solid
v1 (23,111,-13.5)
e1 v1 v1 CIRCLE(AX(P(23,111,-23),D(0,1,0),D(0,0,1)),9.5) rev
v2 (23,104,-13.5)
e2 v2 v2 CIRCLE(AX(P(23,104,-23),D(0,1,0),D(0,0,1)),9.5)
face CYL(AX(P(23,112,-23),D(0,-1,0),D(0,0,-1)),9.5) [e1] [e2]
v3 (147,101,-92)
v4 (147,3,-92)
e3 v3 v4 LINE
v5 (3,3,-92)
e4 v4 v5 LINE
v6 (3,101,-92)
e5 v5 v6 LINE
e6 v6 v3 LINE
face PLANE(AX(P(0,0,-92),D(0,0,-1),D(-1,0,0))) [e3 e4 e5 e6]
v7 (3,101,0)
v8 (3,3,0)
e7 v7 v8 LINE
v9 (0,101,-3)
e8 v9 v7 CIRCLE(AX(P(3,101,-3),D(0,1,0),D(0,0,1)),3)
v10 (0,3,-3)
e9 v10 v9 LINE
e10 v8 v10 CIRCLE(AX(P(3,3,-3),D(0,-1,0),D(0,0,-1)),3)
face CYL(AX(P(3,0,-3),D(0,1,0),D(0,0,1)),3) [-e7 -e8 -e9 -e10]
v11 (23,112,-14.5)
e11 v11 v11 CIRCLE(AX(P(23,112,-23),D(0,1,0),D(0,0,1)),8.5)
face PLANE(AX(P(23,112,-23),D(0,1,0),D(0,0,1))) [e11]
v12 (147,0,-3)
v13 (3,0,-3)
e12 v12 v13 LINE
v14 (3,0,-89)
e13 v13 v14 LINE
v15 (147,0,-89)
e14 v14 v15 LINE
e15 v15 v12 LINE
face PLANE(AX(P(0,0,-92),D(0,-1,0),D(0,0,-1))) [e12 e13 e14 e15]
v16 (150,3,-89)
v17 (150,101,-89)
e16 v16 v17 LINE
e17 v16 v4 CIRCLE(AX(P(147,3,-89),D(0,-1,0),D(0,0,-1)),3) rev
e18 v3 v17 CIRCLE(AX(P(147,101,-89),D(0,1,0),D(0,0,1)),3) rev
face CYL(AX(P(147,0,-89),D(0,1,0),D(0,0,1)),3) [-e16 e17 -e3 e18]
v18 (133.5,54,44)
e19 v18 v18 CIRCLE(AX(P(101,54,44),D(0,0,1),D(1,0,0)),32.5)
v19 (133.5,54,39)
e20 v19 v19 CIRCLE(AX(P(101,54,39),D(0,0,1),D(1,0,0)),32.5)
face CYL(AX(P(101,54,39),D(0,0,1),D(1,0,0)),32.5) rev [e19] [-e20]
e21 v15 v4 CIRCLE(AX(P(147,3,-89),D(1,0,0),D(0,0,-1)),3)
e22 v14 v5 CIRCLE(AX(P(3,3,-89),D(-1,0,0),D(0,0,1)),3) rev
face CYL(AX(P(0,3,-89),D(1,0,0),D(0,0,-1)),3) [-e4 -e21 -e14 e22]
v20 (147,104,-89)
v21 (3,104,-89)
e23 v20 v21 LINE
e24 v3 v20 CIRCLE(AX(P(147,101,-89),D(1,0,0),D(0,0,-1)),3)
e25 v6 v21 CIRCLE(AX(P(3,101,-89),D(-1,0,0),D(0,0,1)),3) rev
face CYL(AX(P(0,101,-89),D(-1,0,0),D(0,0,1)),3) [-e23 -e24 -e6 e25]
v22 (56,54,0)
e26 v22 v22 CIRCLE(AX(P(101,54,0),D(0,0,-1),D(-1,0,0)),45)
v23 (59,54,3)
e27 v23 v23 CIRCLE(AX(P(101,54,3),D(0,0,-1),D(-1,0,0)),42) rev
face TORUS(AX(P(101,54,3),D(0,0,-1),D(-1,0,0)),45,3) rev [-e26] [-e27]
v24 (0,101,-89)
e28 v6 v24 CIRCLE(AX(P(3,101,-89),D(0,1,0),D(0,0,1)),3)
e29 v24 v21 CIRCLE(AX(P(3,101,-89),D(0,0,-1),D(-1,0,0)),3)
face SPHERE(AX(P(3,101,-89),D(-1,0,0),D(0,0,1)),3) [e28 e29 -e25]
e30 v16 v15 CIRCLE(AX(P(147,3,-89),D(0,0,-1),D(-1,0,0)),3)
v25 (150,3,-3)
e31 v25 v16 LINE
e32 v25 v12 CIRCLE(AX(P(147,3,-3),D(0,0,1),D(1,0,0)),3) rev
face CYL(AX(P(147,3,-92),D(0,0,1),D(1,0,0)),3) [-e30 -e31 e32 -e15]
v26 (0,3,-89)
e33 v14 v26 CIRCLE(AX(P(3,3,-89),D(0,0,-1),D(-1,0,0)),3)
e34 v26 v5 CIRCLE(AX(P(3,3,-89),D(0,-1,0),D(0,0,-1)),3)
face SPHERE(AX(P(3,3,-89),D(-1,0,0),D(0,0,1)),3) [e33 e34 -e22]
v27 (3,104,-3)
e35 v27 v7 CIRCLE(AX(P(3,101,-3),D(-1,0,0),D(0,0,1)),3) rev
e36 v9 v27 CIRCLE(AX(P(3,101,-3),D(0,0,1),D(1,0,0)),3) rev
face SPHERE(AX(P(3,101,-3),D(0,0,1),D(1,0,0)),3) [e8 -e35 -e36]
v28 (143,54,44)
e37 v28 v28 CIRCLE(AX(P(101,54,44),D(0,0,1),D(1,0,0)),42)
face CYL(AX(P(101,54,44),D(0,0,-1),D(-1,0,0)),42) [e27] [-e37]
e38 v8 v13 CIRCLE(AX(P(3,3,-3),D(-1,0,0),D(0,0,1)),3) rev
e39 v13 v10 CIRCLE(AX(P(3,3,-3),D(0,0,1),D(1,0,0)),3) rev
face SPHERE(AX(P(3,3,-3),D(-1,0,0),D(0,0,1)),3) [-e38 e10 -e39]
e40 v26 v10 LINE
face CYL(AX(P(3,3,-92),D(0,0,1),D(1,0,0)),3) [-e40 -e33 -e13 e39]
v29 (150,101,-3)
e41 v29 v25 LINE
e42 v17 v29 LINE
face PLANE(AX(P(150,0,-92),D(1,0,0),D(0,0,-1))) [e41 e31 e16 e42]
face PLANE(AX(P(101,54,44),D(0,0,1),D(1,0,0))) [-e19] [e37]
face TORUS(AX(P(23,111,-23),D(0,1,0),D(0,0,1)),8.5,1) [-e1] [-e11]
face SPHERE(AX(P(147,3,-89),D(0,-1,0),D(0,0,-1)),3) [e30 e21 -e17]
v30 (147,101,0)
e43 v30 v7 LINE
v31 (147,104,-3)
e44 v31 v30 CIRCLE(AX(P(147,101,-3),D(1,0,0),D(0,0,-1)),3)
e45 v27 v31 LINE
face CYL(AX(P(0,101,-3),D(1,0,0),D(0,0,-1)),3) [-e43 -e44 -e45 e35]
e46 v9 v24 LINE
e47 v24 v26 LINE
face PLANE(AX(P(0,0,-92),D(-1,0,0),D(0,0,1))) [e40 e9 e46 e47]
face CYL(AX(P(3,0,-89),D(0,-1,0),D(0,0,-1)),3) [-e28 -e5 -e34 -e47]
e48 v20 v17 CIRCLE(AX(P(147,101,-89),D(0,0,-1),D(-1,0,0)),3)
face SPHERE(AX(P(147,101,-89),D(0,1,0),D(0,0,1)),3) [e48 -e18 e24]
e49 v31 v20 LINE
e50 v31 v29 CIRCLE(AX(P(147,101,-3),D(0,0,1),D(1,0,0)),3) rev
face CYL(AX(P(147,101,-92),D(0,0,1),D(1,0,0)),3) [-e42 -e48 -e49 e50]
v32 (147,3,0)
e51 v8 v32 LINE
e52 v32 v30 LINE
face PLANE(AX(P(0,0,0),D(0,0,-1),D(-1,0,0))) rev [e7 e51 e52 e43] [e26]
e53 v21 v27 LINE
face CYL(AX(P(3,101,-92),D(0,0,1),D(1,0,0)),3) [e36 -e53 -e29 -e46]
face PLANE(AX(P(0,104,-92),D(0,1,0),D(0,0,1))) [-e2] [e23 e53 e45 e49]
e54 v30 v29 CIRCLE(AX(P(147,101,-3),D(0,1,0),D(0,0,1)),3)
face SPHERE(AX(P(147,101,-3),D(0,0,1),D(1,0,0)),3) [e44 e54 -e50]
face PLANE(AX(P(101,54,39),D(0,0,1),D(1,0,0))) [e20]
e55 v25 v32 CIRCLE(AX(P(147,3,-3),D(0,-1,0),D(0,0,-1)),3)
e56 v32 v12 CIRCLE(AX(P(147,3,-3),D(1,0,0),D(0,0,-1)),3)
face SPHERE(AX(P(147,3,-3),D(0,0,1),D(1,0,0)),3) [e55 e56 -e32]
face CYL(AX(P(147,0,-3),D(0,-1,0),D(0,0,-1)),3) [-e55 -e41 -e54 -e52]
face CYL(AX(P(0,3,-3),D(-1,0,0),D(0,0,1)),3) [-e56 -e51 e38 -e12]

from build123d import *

# Parameters (mm, degrees)
SKETCH1_W           = 150
SKETCH1_H           = 104
BOSS_EXTRUDE1_DEPTH = 92
SKETCH2_R           = 42
BOSS_EXTRUDE2_DEPTH = 44
FILLET1_R           = 3
FILLET2_R           = 3
SKETCH5_R           = 9.5
BOSS_EXTRUDE3_DEPTH = 8
FILLET3_R           = 1
SKETCH6_R           = 32.5
CUT_EXTRUDE1_DEPTH  = 5


with BuildPart() as part:
    # Sketch1 → Boss-Extrude1 (new body)
    with BuildSketch(Plane.XY):
        with Locations((75, 52)):
            Rectangle(SKETCH1_W, SKETCH1_H)
    extrude(amount=-BOSS_EXTRUDE1_DEPTH)

    # Sketch2 → Boss-Extrude2 (add)
    with BuildSketch(Plane.XY):
        with Locations((101, 54)):
            Circle(SKETCH2_R)
    extrude(amount=BOSS_EXTRUDE2_DEPTH)

    # Fillet1
    fillet1_edges = [part.edges().sort_by_distance(p)[0] for p in [
        (150, 52, -92),
        (75, 104, -92),
        (0, 52, -92),
        (75, 104, 0),
        (150, 52, 0),
        (75, 0, 0),
        (0, 52, 0),
        (0, 104, -46),
        (150, 104, -46),
        (150, 0, -46),
        (0, 0, -46),
        (75, 0, -92),
    ]]
    fillet(fillet1_edges, radius=FILLET1_R)

    # Fillet2
    fillet2_edges = [part.edges().sort_by_distance(p)[0] for p in [
        (59, 54, 0),
    ]]
    fillet(fillet2_edges, radius=FILLET2_R)

    # Sketch5 → Boss-Extrude3 (add)
    with BuildSketch(Plane(origin=(0, 104, 0), x_dir=(1, 0, 0), z_dir=(0, 1, 0))):
        with Locations(Location((23, 23, 0), (0, 0, 270))):
            Circle(SKETCH5_R)
    extrude(amount=BOSS_EXTRUDE3_DEPTH)

    # Fillet3
    fillet3_edges = [part.edges().sort_by_distance(p)[0] for p in [
        (23, 112, -32.5),
    ]]
    fillet(fillet3_edges, radius=FILLET3_R)

    # Sketch6 → Cut-Extrude1 (cut)
    with BuildSketch(Plane.XY.offset(44)):
        with Locations((101, 54)):
            Circle(SKETCH6_R)
    extrude(amount=-CUT_EXTRUDE1_DEPTH, mode=Mode.SUBTRACT)


solid = part.part
